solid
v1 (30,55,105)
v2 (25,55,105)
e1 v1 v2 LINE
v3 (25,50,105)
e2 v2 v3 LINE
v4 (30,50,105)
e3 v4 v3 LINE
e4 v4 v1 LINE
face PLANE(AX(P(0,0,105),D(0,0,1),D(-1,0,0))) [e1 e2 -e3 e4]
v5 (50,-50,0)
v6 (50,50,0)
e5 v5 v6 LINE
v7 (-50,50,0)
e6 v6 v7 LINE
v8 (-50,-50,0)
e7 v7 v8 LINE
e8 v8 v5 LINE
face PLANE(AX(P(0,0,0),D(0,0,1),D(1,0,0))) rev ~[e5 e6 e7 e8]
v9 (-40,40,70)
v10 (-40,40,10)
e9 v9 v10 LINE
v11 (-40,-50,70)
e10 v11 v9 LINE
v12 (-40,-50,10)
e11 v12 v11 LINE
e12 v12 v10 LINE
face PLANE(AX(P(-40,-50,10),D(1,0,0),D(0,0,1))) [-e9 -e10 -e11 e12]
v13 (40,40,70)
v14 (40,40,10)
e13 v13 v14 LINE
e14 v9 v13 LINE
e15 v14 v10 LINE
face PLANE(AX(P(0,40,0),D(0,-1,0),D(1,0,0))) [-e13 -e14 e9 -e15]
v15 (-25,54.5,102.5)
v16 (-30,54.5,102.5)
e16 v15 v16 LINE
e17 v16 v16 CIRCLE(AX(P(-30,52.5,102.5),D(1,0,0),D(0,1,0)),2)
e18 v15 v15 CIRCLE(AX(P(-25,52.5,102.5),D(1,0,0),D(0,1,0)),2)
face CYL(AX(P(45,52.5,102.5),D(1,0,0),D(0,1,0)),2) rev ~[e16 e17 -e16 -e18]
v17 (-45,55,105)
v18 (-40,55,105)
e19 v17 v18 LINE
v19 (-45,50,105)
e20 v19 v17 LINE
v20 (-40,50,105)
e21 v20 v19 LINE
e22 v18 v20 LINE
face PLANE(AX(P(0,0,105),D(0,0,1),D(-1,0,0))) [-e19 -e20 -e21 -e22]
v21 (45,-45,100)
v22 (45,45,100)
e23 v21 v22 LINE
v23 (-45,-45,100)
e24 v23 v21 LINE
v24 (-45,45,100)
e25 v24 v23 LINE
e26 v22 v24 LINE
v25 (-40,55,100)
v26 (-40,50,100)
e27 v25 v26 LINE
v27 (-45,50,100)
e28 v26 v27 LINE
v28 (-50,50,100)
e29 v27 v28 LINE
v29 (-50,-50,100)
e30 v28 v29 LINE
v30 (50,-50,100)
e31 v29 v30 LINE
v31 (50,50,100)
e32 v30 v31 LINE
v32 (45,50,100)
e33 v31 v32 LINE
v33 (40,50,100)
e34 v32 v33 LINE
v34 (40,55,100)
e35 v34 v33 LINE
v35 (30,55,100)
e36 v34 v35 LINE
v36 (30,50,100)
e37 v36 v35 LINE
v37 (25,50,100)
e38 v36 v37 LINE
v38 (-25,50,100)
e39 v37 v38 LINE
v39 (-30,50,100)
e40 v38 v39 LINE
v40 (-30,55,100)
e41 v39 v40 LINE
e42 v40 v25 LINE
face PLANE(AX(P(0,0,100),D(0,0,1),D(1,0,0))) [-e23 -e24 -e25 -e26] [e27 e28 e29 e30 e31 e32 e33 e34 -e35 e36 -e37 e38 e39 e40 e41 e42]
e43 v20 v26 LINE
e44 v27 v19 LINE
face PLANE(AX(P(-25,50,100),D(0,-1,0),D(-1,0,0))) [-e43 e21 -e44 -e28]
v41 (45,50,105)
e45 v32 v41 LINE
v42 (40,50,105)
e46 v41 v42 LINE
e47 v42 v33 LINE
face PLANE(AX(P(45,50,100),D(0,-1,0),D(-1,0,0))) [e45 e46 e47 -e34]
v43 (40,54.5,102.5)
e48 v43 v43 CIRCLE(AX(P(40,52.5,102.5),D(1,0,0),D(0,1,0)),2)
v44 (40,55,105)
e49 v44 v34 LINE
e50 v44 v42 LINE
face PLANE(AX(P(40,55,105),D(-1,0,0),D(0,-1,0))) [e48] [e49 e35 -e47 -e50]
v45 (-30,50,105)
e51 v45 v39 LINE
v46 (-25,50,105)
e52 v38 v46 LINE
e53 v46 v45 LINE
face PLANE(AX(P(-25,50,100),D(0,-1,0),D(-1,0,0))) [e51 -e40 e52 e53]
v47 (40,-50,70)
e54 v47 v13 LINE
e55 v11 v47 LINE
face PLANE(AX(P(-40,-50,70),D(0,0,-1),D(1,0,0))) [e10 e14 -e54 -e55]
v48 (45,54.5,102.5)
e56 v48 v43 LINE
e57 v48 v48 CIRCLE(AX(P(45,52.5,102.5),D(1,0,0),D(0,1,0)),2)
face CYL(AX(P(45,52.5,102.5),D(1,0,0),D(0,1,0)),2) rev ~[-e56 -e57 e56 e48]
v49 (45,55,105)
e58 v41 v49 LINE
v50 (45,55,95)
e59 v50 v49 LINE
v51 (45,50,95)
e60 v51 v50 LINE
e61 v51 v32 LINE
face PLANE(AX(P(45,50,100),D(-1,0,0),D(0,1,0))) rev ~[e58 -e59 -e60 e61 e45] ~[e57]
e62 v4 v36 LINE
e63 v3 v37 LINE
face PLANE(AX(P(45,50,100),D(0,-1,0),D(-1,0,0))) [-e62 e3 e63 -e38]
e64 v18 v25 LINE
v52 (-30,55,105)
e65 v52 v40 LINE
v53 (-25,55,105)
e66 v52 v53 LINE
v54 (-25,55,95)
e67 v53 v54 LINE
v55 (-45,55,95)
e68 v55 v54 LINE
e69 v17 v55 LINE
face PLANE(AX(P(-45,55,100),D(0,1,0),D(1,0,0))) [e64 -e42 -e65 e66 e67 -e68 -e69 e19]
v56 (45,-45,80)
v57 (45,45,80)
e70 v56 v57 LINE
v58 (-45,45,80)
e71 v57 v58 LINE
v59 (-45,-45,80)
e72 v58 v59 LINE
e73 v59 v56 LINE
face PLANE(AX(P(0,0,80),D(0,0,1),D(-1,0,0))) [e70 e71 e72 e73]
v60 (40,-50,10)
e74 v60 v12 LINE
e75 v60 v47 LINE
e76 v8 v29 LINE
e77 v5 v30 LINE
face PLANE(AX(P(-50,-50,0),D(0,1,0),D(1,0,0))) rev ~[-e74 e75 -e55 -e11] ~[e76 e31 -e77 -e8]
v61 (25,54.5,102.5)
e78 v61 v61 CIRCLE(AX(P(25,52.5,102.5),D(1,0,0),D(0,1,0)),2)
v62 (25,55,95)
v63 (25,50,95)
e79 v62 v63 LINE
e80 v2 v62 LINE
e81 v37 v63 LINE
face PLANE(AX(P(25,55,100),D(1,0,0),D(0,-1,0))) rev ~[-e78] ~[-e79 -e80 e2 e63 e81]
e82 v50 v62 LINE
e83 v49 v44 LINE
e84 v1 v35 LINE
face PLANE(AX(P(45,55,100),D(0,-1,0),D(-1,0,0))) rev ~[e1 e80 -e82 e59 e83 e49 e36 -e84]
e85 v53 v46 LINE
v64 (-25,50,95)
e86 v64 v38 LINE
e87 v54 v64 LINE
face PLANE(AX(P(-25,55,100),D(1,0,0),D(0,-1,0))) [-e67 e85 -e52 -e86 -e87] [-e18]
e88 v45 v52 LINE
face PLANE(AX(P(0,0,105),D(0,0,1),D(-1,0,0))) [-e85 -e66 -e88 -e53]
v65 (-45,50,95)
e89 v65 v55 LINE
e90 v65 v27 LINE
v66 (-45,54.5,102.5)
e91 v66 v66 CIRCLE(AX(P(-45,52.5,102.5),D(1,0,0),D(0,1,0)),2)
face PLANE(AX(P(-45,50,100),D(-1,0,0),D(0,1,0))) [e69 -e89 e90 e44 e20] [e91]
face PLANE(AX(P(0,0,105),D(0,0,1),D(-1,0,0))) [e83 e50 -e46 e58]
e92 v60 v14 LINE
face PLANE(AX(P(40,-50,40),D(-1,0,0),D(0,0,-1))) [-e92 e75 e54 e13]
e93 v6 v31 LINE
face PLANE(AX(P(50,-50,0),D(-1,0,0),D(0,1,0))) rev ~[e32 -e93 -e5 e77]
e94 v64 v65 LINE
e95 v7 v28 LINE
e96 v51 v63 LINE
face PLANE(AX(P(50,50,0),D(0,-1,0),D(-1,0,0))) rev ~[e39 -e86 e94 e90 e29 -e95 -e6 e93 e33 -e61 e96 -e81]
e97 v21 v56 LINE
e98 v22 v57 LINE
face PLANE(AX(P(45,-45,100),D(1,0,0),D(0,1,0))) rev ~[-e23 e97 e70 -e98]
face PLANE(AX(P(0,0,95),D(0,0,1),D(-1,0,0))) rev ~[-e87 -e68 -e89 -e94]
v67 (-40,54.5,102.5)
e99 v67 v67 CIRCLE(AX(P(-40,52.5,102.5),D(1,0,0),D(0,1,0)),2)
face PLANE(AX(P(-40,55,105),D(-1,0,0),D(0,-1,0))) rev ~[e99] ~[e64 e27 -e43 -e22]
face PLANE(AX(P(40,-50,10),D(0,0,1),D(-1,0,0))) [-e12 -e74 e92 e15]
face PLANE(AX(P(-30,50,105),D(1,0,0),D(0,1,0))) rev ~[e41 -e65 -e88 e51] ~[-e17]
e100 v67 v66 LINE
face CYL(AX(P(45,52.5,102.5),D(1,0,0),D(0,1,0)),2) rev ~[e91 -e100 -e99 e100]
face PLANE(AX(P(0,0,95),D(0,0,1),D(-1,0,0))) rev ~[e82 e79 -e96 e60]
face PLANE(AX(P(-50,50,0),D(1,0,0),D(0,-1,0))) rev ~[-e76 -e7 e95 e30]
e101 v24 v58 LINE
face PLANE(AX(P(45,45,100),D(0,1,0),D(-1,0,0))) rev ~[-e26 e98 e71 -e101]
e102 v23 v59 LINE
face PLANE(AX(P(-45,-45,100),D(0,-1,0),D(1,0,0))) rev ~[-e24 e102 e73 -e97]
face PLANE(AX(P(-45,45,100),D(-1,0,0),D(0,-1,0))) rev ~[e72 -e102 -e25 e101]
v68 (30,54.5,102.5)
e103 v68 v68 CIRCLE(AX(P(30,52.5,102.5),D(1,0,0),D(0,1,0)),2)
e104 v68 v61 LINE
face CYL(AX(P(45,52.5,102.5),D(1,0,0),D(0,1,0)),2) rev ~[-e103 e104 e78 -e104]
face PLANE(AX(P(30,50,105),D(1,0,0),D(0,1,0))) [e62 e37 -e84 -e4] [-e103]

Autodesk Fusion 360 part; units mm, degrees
sketch "Sketch1" plane through (0, 0, 0) normal (0, 0, 1) x (1, 0, 0)
  line L0 (50, 50) -> (-50, 50)
  line L1 (-50, 50) -> (-50, -50)
  line L2 (-50, -50) -> (50, -50)
  line L3 (50, -50) -> (50, 50)
  line L4 (50, 50) -> (-50, -50) construction
  line L5 (-50, 50) -> (50, -50) construction
  dimension "d1" = 100
  dimension "d2" = 100
extrude "Extrude1" add sketch "Sketch1" along normal blind 100
sketch "Sketch2" plane through (0, 0, 100) normal (0, 0, 1) x (-1, 0, 0)
  line L0 (-50, 50) -> (-50, -50)
  line L1 (-50, -50) -> (50, -50)
  line L2 (50, -50) -> (50, 50)
  line L3 (50, 50) -> (-50, 50)
  line L4 (-45, -45) -> (45, -45)
  line L5 (45, -45) -> (45, 45)
  line L6 (45, 45) -> (-45, 45)
  line L7 (-45, 45) -> (-45, -45)
  line L8 (-45, -45) -> (45, 45) construction
  line L9 (45, -45) -> (-45, 45) construction
  dimension "d6" = 90
  dimension "d7" = 90
extrude "Extrude2" cut sketch "Sketch2" against normal blind 20 contours L4 L5 L6 L7
sketch "Sketch3" plane through (0, -50, 0) normal (0, -1, 0) x (1, 0, 0)
  line L0 (-50, 0) -> (50, 0)
  line L1 (50, 0) -> (50, 100)
  line L2 (50, 100) -> (-50, 100)
  line L3 (-50, 100) -> (-50, 0)
  line L4 (-40, 10) -> (-40, 40)
  line L5 (-40, 40) -> (40, 40)
  line L6 (40, 40) -> (40, 10)
  line L7 (40, 10) -> (-40, 10)
  line L8 (-40, 70) -> (40, 70)
  line L9 (40, 70) -> (40, 40)
  line L10 (-40, 40) -> (-40, 70)
extrude "Extrude3" cut sketch "Sketch3" against normal blind 90 contours L4 L5 L6 L7 | L5 L8 L9 L10
sketch "Sketch4" plane through (0, 0, 100) normal (0, 0, 1) x (-1, 0, 0)
  line L0 (45, -45) -> (-45, -45)
  line L1 (-45, -45) -> (-45, 45)
  line L2 (-45, 45) -> (45, 45)
  line L3 (45, 45) -> (45, -45)
  line L4 (-50, 50) -> (-50, -50)
  line L5 (-50, -50) -> (50, -50)
  line L6 (50, -50) -> (50, 50)
  line L7 (50, 50) -> (-50, 50)
  line L8 (45, -50) -> (45, -55)
  line L9 (-45, -50) -> (-45, -55)
  line L10 (-45, -55) -> (-25, -55)
  line L11 (-25, -55) -> (-25, -50)
  line L12 (45, -55) -> (25, -55)
  line L13 (25, -55) -> (25, -50)
  dimension "d12" = 5
  dimension "d13" = 5
  dimension "d14" = 20
  dimension "d15" = 20
extrude "Extrude4" add sketch "Sketch4" along normal mid plane 10 contours L5 L9 L10 L11 | L5 L8 L12 L13
sketch "Sketch5" plane through (0, 0, 105) normal (0, 0, 1) x (-1, 0, 0)
  line L0 (-45, -50) -> (-45, -55)
  line L1 (-45, -55) -> (-25, -55)
  line L2 (-25, -55) -> (-25, -50)
  line L3 (-25, -50) -> (-45, -50)
  line L4 (-25, -55) -> (-30, -55)
  line L5 (-30, -55) -> (-40, -55)
  line L6 (-40, -55) -> (-40, -50)
  line L7 (-30, -50) -> (-30, -55)
  line L8 (25, -55) -> (30, -55)
  line L9 (30, -55) -> (40, -55)
  line L10 (40, -55) -> (40, -50)
  line L11 (40, -50) -> (30, -50)
  line L12 (30, -50) -> (30, -55)
extrude "Extrude5" cut sketch "Sketch5" against normal blind 5 contours L1 L3 L5 L6 L7 | L9 L10 L11 L12
sketch "Sketch9" plane through (45, 0, 0) normal (1, 0, 0) x (0, 1, 0)
  line L0 (55, 95) -> (55, 105)
  line L1 (55, 105) -> (50, 105)
  line L2 (50, 105) -> (50, 100)
  line L3 (50, 100) -> (50, 95)
  line L4 (50, 95) -> (55, 95)
  circle A0 centre (52.5, 102.5) radius 2
extrude "Extrude7" cut sketch "Sketch9" against normal blind 130 contours A0
